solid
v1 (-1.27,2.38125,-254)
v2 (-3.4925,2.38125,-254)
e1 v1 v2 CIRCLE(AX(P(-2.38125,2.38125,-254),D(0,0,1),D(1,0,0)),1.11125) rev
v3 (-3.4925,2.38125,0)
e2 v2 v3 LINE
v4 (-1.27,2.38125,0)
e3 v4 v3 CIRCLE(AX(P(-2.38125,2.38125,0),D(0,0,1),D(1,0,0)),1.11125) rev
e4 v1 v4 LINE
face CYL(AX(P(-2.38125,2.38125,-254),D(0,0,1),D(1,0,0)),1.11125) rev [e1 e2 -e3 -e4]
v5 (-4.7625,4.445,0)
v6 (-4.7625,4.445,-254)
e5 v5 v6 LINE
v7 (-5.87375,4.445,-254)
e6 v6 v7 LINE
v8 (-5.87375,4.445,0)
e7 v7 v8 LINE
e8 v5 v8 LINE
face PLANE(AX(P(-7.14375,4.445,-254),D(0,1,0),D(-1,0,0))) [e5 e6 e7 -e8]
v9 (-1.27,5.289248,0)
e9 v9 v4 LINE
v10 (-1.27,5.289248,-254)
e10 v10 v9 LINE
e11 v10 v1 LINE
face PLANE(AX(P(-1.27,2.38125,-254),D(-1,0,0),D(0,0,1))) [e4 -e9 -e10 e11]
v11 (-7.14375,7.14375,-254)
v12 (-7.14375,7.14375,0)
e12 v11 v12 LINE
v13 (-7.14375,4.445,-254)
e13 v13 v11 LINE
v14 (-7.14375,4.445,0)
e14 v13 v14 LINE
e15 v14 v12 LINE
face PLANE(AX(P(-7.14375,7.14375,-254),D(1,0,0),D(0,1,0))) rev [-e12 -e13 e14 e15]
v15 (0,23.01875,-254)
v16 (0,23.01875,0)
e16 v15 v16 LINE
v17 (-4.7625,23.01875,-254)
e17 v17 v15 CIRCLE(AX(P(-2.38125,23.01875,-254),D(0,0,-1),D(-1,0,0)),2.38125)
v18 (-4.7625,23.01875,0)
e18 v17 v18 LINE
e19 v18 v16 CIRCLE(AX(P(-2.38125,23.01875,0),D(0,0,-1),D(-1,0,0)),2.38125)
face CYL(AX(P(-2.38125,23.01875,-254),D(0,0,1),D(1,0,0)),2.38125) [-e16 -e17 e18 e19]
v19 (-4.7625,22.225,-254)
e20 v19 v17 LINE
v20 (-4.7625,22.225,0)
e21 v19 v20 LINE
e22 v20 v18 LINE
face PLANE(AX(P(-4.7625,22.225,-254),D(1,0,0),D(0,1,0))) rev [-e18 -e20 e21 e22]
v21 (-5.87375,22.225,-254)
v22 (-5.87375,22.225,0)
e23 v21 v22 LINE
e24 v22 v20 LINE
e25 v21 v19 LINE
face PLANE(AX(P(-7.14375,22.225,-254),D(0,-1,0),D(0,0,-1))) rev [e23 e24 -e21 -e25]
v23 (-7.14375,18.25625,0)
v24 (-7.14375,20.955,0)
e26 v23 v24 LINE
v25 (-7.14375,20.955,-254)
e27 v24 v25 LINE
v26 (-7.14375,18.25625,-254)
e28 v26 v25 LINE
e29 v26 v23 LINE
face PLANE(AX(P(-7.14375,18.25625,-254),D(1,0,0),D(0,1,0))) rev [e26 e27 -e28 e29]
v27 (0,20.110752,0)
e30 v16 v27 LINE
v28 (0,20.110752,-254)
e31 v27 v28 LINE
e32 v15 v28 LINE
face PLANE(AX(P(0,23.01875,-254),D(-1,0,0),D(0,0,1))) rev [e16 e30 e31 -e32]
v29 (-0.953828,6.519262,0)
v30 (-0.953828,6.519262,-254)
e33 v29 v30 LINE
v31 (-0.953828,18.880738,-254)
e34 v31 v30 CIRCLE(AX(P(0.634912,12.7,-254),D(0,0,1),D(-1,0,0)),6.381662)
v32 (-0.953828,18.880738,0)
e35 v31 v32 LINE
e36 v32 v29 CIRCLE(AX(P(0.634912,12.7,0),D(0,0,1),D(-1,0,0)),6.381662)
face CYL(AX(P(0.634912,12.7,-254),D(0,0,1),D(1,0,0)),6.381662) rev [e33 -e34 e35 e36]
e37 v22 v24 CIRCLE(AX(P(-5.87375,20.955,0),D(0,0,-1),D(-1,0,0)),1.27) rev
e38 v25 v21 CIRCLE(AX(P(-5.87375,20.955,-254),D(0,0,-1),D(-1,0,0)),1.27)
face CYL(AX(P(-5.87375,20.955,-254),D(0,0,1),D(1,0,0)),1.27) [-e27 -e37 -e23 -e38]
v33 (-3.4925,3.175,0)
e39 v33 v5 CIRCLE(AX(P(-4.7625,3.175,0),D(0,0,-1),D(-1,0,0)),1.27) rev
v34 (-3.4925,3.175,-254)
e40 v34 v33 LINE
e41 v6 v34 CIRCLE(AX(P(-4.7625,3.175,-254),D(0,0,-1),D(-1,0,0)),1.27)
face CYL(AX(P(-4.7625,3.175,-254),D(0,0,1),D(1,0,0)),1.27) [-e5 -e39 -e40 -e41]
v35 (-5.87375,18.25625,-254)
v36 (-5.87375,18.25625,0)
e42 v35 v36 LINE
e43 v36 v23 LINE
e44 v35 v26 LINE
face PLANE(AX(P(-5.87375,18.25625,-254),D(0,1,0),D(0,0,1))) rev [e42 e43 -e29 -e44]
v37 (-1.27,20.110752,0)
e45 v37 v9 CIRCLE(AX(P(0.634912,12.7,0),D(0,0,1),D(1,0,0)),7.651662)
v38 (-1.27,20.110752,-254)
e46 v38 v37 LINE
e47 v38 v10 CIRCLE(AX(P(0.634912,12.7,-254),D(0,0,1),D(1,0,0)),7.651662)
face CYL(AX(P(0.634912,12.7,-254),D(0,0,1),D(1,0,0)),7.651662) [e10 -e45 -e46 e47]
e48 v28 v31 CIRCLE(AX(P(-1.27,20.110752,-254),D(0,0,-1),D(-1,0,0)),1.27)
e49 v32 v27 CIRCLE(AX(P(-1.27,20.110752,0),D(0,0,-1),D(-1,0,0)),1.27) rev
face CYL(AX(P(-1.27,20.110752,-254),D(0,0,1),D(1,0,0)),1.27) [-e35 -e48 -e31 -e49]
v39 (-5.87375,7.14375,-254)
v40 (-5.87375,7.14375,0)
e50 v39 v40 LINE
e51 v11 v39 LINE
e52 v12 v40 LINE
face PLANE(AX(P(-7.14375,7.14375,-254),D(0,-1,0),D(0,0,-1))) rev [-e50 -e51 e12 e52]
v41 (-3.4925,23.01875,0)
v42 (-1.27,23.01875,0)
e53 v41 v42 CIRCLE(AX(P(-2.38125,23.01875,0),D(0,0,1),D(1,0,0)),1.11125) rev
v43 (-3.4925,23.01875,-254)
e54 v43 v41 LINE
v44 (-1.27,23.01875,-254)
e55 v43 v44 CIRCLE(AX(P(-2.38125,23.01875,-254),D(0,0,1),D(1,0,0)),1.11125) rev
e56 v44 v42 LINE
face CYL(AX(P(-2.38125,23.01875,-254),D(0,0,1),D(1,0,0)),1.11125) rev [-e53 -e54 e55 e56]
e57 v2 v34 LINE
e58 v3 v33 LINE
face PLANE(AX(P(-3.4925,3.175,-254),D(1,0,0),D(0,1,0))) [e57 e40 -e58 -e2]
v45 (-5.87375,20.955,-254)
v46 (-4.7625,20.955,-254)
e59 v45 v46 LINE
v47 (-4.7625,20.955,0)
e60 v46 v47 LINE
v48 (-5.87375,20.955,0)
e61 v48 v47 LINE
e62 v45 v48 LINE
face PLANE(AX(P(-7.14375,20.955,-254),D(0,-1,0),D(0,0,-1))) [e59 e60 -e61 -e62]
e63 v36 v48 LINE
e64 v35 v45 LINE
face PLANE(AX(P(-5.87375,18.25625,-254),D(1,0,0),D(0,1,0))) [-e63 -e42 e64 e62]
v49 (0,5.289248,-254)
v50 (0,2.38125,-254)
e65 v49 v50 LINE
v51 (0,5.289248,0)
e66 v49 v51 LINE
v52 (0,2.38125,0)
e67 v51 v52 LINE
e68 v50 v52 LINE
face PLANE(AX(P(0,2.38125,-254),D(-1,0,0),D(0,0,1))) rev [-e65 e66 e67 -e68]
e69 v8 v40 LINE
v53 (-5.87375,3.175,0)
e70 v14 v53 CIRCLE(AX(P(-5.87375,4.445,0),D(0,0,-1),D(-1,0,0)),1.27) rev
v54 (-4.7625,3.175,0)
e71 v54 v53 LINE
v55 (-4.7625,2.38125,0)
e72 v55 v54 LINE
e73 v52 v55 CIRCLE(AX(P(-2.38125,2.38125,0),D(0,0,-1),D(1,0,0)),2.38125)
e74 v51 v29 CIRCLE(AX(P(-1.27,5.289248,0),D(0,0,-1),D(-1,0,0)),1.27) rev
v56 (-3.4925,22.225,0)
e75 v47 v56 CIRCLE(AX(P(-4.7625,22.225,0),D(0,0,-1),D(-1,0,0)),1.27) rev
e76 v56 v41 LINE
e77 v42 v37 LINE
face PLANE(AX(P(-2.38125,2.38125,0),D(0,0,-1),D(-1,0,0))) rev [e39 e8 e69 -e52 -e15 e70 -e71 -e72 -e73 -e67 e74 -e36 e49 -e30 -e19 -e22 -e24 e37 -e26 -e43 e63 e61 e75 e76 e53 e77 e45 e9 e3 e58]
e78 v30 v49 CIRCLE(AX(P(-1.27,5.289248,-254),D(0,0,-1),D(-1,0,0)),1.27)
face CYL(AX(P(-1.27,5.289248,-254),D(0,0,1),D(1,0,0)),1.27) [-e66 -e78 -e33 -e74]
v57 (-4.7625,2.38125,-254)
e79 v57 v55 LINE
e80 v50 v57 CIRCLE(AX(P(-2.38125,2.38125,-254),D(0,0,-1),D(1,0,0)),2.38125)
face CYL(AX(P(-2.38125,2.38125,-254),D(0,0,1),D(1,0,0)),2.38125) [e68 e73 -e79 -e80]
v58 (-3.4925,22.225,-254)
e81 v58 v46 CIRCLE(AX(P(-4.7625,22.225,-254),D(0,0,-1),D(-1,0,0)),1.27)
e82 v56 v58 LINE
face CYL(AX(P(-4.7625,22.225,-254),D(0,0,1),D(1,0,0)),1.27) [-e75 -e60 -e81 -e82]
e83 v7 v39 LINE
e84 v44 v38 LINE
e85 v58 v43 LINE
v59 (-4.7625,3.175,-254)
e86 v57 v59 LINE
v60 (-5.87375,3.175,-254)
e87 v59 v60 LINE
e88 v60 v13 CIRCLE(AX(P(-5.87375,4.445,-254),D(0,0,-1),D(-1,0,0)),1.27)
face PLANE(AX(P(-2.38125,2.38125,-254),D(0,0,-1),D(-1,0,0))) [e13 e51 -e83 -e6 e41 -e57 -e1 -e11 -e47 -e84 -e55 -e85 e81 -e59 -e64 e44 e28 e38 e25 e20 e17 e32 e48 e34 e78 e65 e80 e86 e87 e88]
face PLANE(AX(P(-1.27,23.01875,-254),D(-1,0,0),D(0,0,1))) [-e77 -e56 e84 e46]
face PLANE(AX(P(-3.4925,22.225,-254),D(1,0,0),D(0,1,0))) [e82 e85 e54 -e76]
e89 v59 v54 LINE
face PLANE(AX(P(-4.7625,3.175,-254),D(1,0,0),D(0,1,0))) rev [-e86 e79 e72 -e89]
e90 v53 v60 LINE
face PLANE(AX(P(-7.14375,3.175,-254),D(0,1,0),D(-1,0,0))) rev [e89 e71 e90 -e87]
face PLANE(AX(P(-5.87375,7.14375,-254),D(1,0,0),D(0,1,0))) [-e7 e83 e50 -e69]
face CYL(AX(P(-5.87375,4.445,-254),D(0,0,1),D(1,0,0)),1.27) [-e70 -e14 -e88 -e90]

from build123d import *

# Parameters (mm, degrees)
EXTRUDE_THIN1_DEPTH = 254
FILLET1_R           = 1.27


with BuildPart() as part:
    # Sketch1 → Extrude-Thin1 (new body)
    with BuildSketch(Plane.XY):
        with BuildLine():
            Line((-7.14375, 7.14375), (-7.14375, 3.175))
            Line((-7.14375, 3.175), (-4.7625, 3.175))
            Line((-4.7625, 3.175), (-4.7625, 2.38125))
            ThreePointArc((-4.7625, 2.38125), (-2.38125, 0), (0, 2.38125))
            Line((0, 2.38125), (0, 6.35))
            ThreePointArc((0, 6.35), (-5.74675, 12.7), (0, 19.05))
            Line((0, 19.05), (0, 23.01875))
            ThreePointArc((0, 23.01875), (-2.38125, 25.4), (-4.7625, 23.01875))
            Line((-4.7625, 23.01875), (-4.7625, 22.225))
            Line((-4.7625, 22.225), (-7.14375, 22.225))
            Line((-7.14375, 22.225), (-7.14375, 18.25625))
            Line((-7.14375, 18.25625), (-5.87375, 18.25625))
            Line((-5.87375, 18.25625), (-5.87375, 20.955))
            Line((-5.87375, 20.955), (-3.4925, 20.955))
            Line((-3.4925, 20.955), (-3.4925, 23.01875))
            ThreePointArc((-3.4925, 23.01875), (-2.38125, 24.13), (-1.27, 23.01875))
            Line((-1.27, 23.01875), (-1.27, 20.110751986))
            ThreePointArc((-1.27, 20.110751986), (-7.01675, 12.7), (-1.27, 5.289248014))
            Line((-1.27, 5.289248014), (-1.27, 2.38125))
            ThreePointArc((-1.27, 2.38125), (-2.38125, 1.27), (-3.4925, 2.38125))
            Line((-3.4925, 2.38125), (-3.4925, 4.445))
            Line((-3.4925, 4.445), (-5.87375, 4.445))
            Line((-5.87375, 4.445), (-5.87375, 7.14375))
            Line((-5.87375, 7.14375), (-7.14375, 7.14375))
        make_face()
    extrude(amount=-EXTRUDE_THIN1_DEPTH)

    # Fillet1
    fillet1_edges = [part.edges().sort_by_distance(p)[0] for p in [
        (-3.4925, 4.445, -127),
        (-3.4925, 20.955, -127),
        (-7.14375, 22.225, -127),
        (0, 19.05, -127),
        (0, 6.35, -127),
        (-7.14375, 3.175, -127),
    ]]
    fillet(fillet1_edges, radius=FILLET1_R)


solid = part.part
